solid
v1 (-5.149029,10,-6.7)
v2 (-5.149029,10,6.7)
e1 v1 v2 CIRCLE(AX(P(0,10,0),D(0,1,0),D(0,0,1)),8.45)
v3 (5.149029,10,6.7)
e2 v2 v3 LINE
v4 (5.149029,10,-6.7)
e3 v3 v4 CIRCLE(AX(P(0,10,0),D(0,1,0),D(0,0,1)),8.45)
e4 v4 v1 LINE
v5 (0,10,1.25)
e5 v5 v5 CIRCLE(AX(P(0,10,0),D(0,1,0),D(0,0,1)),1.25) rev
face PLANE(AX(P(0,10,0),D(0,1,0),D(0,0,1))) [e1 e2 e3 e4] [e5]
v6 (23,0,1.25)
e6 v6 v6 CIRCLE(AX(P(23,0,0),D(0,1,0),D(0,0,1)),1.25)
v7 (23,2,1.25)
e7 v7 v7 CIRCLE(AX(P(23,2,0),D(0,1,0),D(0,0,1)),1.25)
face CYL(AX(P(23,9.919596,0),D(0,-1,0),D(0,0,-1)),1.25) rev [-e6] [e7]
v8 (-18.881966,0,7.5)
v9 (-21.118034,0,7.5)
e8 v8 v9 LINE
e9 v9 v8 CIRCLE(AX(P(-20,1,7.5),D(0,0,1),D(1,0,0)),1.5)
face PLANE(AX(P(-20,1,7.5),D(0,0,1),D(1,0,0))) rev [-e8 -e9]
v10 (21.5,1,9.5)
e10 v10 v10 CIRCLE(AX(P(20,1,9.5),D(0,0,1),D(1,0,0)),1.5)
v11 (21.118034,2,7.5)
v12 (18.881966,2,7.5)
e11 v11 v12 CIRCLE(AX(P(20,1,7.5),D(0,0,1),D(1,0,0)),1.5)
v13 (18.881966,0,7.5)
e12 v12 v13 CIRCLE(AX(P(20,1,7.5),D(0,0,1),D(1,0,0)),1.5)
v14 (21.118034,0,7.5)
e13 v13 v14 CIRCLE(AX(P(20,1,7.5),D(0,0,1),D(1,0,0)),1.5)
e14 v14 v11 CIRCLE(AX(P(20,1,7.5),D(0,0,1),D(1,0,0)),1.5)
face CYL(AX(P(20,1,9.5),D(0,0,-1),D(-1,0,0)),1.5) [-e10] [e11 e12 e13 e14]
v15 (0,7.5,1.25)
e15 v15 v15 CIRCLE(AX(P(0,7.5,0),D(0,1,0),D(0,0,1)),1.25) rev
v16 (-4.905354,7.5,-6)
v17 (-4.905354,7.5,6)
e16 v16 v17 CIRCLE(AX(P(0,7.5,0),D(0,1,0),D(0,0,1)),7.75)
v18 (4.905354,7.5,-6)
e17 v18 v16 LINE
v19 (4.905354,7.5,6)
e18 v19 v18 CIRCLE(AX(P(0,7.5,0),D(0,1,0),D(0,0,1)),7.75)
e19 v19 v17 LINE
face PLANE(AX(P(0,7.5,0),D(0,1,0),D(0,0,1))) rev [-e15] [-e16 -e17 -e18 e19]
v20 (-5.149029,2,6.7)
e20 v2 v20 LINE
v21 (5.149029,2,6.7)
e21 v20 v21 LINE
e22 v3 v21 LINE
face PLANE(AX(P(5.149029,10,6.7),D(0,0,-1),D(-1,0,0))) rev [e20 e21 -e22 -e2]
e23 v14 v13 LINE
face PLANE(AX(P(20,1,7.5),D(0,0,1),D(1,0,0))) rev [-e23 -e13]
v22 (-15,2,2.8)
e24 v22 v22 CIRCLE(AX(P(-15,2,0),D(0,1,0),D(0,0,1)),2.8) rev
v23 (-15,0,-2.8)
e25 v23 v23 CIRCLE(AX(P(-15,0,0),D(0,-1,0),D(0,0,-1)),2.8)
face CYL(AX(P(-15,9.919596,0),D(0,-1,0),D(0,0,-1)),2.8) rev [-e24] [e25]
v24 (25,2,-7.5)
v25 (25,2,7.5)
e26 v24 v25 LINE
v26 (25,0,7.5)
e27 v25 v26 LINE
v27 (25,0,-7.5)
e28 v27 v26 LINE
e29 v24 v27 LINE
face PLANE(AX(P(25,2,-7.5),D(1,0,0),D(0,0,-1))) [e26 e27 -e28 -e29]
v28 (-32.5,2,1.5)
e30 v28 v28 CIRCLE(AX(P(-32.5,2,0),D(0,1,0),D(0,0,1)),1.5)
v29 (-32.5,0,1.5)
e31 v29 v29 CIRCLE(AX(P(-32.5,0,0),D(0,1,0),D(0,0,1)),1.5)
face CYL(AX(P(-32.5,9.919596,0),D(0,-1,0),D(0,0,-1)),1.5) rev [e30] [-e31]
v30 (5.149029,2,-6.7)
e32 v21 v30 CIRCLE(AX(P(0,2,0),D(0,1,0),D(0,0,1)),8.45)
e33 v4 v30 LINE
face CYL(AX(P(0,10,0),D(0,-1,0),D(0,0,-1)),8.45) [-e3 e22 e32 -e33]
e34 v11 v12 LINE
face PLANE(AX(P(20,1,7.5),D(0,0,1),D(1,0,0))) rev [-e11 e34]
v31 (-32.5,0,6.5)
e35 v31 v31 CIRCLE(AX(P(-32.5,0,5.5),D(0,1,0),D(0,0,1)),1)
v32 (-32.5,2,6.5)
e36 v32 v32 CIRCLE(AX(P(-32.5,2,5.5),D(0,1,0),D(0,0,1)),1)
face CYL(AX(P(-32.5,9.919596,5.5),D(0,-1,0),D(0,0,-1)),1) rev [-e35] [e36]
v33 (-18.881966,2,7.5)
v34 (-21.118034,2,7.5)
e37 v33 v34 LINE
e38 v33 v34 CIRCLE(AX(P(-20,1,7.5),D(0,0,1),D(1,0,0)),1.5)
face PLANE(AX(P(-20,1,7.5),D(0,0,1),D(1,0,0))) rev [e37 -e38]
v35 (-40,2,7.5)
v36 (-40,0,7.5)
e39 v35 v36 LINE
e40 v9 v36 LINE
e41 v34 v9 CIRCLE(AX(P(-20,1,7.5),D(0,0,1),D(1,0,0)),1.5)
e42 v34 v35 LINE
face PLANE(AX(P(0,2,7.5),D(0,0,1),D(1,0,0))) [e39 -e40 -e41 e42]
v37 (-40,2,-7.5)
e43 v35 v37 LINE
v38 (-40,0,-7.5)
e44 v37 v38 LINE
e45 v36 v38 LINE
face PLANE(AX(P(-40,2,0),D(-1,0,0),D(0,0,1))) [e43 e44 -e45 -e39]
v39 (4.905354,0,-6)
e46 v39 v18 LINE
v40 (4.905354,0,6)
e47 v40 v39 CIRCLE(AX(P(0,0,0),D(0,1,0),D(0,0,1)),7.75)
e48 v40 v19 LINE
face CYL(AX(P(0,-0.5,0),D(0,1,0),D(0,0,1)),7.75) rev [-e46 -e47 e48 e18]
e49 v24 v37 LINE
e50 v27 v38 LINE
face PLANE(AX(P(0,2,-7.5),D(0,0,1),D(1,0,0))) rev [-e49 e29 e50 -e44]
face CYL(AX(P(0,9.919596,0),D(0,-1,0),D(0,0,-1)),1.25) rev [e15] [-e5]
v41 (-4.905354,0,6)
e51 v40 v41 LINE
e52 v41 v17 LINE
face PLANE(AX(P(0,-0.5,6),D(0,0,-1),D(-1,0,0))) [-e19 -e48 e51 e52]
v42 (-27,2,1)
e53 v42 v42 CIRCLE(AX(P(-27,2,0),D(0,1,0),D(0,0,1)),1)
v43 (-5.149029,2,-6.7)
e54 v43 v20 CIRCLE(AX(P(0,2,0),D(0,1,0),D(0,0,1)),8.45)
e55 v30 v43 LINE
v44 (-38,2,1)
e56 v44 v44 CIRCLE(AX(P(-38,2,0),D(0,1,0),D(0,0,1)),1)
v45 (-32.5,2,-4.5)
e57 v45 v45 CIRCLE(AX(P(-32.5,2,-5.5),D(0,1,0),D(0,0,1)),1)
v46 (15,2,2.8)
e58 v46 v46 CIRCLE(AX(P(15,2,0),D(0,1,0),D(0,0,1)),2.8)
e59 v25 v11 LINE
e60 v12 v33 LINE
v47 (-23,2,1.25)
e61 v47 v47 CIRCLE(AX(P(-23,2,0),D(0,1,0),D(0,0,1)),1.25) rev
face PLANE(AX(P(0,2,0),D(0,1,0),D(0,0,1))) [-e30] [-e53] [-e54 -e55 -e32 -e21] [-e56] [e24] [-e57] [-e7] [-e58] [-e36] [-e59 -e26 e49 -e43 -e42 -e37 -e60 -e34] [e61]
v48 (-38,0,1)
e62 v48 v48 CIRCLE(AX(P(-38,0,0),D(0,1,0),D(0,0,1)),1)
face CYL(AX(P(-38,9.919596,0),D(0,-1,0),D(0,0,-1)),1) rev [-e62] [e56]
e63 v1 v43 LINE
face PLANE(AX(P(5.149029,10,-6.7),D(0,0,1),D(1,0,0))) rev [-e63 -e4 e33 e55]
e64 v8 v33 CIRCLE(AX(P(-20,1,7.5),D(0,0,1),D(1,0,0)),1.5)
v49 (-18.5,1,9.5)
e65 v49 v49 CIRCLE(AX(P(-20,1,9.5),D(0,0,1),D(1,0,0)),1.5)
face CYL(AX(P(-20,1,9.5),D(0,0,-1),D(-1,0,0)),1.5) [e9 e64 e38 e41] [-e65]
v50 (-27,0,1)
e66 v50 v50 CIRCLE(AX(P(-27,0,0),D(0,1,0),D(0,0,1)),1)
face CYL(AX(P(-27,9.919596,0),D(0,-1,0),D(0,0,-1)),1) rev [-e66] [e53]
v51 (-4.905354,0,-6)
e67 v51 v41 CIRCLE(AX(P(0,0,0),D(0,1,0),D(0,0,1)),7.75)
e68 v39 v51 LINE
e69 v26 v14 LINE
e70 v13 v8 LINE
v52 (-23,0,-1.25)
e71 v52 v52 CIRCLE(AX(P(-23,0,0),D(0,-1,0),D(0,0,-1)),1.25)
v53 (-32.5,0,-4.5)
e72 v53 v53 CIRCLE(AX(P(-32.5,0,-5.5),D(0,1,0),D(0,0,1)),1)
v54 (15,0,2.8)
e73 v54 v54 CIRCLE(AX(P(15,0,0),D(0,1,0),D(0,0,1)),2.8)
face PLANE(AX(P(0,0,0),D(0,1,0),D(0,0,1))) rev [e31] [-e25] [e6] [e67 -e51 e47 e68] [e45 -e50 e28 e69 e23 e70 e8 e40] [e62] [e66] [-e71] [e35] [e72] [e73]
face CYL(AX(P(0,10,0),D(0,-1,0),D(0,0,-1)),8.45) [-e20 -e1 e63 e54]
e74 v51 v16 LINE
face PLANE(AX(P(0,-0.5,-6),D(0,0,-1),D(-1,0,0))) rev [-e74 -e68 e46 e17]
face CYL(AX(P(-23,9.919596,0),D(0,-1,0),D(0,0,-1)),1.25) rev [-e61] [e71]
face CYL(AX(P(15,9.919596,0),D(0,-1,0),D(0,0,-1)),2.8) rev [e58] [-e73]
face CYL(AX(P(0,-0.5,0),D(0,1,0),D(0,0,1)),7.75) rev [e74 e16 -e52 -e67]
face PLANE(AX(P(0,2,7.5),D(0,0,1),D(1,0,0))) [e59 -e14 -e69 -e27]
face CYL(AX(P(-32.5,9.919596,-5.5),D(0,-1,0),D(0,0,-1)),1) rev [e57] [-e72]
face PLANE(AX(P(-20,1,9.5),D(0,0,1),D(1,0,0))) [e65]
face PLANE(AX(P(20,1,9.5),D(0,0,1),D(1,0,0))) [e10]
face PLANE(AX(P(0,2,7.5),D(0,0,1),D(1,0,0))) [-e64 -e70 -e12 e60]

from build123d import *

# Parameters (mm, degrees)
SKETCH_1_W               = 65
SKETCH_1_H               = 15
EXTRUDE_1_DEPTH          = 2
SKETCH_2_R               = 1.25
SKETCH_2_R_2             = 2.8
SKETCH_2_R_3             = 1.5
SKETCH_2_R_4             = 1
CUT_EXTRUDE_1_DEPTH      = 2
SKETCH_4_R               = 1.5
EXTRUDE_2_DEPTH          = 2
EXTRUDE_3_DEPTH          = 8
SKETCH_5_8_R             = 1.25
EXTRUDE_4_DEPTH          = 8
CUT_EXTRUDE_2_DEPTH      = 5.5
CUT_EXTRUDE_2_DEPTH_BACK = 42.883767739
SKETCH_5_11_R            = 1.25


with BuildPart() as part:
    # 草图1 → 凸台-拉伸1 (new body)
    with BuildSketch(Plane(origin=(0, 0, 0), x_dir=(1, 0, 0), z_dir=(0, 1, 0))):
        with Locations((-7.5, 0)):
            Rectangle(SKETCH_1_W, SKETCH_1_H)
    extrude(amount=EXTRUDE_1_DEPTH)

    # 草图2 → 切除-拉伸1 (cut)
    with BuildSketch(Plane(origin=(0, 0, 0), x_dir=(1, 0, 0), z_dir=(0, 1, 0))):
        with Locations(Location((0, 0, 0), (0, 0, 270))):
            Circle(SKETCH_2_R)
        with Locations(Location((15, 0, 0), (0, 0, 270))):
            Circle(SKETCH_2_R_2)
        with Locations(Location((-15, 0, 0), (0, 0, 90))):
            Circle(SKETCH_2_R_2)
        with Locations(Location((23, 0, 0), (0, 0, 270))):
            Circle(SKETCH_2_R)
        with Locations(Location((-23, 0, 0), (0, 0, 90))):
            Circle(SKETCH_2_R)
        with Locations(Location((-32.5, 0, 0), (0, 0, 270))):
            Circle(SKETCH_2_R_3)
        with Locations(Location((-27, 0, 0), (0, 0, 270))):
            Circle(SKETCH_2_R_4)
        with Locations(Location((-32.5, -5.5, 0), (0, 0, 270))):
            Circle(SKETCH_2_R_4)
        with Locations(Location((-38, 0, 0), (0, 0, 270))):
            Circle(SKETCH_2_R_4)
        with Locations(Location((-32.5, 5.5, 0), (0, 0, 270))):
            Circle(SKETCH_2_R_4)
    extrude(amount=CUT_EXTRUDE_1_DEPTH, mode=Mode.SUBTRACT)

    # 草图4 → 凸台-拉伸2 (add)
    with BuildSketch(Plane.XY.offset(7.5)):
        with Locations(Location((20, 1, 0), (0, 0, 221.810314896))):
            Circle(SKETCH_4_R)
        with Locations(Location((-20, 1, 0), (0, 0, 221.810314896))):
            Circle(SKETCH_4_R)
    extrude(amount=EXTRUDE_2_DEPTH)

    # 草图5 → 凸台-拉伸3 (add)
    with BuildSketch(Plane(origin=(0, 2, 0), x_dir=(1, 0, 0), z_dir=(0, 1, 0))):
        with BuildLine():
            Line((5.149029035, -6.7), (-5.149029035, -6.7))
            ThreePointArc((-5.149029035, -6.7), (-8.45, 0), (-5.149029035, 6.7))
            Line((-5.149029035, 6.7), (5.149029035, 6.7))
            ThreePointArc((5.149029035, 6.7), (8.45, 0), (5.149029035, -6.7))
        make_face()
        with BuildLine():
            Line((4.905354218, -6), (-4.905354218, -6))
            ThreePointArc((-4.905354218, -6), (-7.75, 0), (-4.905354218, 6))
            Line((-4.905354218, 6), (4.905354218, 6))
            ThreePointArc((4.905354218, 6), (7.75, 0), (4.905354218, -6))
        make_face(mode=Mode.SUBTRACT)
    extrude(amount=EXTRUDE_3_DEPTH)

    # 草图5<8> → 凸台-拉伸4 (add)
    with BuildSketch(Plane(origin=(0, 2, 0), x_dir=(1, 0, 0), z_dir=(0, 1, 0))):
        with BuildLine():
            Line((4.905354218, -6), (-4.905354218, -6))
            ThreePointArc((-4.905354218, -6), (-7.75, 0), (-4.905354218, 6))
            Line((-4.905354218, 6), (4.905354218, 6))
            ThreePointArc((4.905354218, 6), (7.75, 0), (4.905354218, -6))
        make_face()
        with Locations(Location((0, 0, 0), (0, 0, 270))):
            Circle(SKETCH_5_8_R, mode=Mode.SUBTRACT)
    extrude(amount=EXTRUDE_4_DEPTH)

    # 草图5<11> → 切除-拉伸2 (cut, two sides: drawn at the far end of the back side and taken through both)
    with BuildSketch(Plane(origin=(0, 2, 0), x_dir=(1, 0, 0), z_dir=(0, 1, 0)).offset(-CUT_EXTRUDE_2_DEPTH_BACK)):
        with BuildLine():
            Line((4.905354218, -6), (-4.905354218, -6))
            ThreePointArc((-4.905354218, -6), (-7.75, 0), (-4.905354218, 6))
            Line((-4.905354218, 6), (4.905354218, 6))
            ThreePointArc((4.905354218, 6), (7.75, 0), (4.905354218, -6))
        make_face()
        with Locations(Location((0, 0, 0), (0, 0, 270))):
            Circle(SKETCH_5_11_R, mode=Mode.SUBTRACT)
    extrude(amount=CUT_EXTRUDE_2_DEPTH + CUT_EXTRUDE_2_DEPTH_BACK, mode=Mode.SUBTRACT)


solid = part.part
